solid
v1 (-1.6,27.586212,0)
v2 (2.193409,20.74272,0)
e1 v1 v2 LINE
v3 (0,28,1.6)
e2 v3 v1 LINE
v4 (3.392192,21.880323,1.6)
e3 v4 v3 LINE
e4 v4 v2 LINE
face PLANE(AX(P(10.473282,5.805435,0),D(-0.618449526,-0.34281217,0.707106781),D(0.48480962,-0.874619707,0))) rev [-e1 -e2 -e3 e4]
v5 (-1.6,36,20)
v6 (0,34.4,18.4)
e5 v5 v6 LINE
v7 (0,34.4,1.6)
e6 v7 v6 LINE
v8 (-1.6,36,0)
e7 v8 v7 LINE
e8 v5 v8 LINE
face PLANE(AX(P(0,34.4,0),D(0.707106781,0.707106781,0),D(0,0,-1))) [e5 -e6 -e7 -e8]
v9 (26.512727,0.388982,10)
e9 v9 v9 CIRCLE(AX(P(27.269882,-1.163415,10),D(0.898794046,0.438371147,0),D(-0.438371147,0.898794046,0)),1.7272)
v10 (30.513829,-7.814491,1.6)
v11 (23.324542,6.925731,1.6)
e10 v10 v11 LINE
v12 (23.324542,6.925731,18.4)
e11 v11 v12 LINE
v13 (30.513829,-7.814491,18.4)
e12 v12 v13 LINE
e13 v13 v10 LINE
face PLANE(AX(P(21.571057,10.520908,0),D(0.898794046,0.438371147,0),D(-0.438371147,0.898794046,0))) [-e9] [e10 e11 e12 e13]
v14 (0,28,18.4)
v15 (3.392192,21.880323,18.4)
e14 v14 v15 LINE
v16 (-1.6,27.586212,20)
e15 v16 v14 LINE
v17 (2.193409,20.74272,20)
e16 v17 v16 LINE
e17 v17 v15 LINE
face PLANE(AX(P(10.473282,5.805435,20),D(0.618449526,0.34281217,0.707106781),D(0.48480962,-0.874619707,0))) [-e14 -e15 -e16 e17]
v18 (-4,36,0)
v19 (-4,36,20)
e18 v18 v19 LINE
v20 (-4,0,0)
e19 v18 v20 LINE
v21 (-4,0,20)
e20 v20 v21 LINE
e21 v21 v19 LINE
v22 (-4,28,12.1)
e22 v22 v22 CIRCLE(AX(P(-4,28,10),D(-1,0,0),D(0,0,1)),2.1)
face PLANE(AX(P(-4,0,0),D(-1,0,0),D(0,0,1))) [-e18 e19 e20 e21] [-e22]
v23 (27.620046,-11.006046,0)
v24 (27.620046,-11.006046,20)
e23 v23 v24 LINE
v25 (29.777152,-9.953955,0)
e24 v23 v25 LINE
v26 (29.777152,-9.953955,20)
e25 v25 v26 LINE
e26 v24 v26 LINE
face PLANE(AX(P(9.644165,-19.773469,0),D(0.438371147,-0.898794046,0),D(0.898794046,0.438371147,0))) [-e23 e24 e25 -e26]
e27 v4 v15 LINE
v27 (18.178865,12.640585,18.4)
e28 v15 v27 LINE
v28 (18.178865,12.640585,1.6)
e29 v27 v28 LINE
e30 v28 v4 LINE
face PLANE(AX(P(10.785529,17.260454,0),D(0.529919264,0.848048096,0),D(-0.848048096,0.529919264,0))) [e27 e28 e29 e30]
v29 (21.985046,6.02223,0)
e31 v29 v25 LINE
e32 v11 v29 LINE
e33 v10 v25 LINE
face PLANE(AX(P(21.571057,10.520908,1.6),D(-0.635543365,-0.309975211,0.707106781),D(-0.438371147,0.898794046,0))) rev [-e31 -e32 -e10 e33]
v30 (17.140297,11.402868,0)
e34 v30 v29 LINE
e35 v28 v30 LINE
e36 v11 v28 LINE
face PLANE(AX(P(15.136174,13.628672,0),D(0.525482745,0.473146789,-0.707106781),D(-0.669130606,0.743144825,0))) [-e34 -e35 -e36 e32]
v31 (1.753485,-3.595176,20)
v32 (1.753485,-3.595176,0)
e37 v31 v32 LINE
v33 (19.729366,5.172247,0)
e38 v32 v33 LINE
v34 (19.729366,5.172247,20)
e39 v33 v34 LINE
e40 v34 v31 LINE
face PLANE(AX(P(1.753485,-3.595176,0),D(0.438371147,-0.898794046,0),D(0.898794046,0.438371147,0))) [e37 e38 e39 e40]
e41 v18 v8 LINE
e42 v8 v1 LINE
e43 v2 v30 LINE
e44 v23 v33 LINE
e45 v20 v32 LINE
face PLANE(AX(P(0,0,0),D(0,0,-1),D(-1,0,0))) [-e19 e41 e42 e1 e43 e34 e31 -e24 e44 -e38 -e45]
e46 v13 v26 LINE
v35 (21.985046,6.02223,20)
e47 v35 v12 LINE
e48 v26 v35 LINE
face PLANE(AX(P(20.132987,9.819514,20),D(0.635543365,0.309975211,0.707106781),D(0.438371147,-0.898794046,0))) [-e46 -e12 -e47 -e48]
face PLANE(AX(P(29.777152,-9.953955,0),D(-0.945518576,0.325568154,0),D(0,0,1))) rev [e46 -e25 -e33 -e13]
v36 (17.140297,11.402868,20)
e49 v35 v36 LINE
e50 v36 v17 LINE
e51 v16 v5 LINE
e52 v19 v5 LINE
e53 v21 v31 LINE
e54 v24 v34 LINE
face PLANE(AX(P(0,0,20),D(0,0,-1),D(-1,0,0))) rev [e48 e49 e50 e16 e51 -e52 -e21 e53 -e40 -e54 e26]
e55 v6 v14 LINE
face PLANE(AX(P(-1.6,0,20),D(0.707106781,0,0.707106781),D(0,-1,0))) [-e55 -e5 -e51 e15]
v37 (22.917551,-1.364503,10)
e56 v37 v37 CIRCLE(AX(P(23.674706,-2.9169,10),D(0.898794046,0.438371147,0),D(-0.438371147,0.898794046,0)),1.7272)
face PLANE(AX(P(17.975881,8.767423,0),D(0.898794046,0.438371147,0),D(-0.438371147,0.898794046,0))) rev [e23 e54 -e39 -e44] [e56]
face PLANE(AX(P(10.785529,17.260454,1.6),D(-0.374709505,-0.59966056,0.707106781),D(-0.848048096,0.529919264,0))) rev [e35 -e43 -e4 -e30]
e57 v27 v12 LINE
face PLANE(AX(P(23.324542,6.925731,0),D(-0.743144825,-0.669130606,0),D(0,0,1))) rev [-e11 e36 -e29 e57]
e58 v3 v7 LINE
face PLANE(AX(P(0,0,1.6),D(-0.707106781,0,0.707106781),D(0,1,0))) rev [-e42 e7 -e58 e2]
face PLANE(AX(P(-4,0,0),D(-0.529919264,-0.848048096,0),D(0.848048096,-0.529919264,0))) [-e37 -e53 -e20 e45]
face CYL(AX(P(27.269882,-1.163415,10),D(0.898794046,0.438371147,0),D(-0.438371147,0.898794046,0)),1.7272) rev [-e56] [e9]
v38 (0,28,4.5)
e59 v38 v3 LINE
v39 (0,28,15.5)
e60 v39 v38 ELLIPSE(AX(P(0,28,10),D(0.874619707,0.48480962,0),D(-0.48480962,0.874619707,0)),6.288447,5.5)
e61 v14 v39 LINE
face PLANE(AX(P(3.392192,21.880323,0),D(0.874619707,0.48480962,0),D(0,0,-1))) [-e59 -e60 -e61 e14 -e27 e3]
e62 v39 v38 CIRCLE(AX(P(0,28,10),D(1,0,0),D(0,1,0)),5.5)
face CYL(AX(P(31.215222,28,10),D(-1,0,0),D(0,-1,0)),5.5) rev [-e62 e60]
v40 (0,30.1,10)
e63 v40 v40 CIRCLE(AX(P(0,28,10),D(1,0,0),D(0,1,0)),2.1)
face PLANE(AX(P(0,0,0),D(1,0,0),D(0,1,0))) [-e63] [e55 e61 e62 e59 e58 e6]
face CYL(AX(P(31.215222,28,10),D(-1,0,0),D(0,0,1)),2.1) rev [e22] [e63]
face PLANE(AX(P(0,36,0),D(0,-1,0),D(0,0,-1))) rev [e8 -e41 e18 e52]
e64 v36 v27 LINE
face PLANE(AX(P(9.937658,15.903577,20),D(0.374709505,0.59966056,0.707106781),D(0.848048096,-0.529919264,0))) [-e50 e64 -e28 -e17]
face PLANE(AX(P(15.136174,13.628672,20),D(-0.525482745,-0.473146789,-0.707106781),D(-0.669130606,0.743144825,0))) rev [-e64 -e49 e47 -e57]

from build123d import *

# Parameters (mm, degrees)
BOSS_EXTRU_1_DEPTH      = 20
ESQUISSE2_W             = 20
ESQUISSE2_H             = 20
BOSS_EXTRU_2_DEPTH      = 4
ESQUISSE3_W             = 20
ESQUISSE3_H             = 20
BOSS_EXTRU_3_DEPTH      = 4
ESQUISSE4_W             = 4
ESQUISSE4_H             = 16
BOSS_EXTRU_4_DEPTH      = 20
CHANFREIN1_SIZE         = 4
ESQUISSE5_R             = 2.1
ENL_V_MAT_EXTRU_1_DEPTH = 36.215222341
ESQUISSE6_R             = 5.5
ENL_V_MAT_EXTRU_2_DEPTH = 32.215222341
D_GAGEMENT_41_D         = 3.4544
D_GAGEMENT_41_DEPTH     = 10
D_GAGEMENT_41_TIP       = 1.037806461
CHANFREIN2_SIZE         = 1.6


with BuildPart() as part:
    # Esquisse1 → Boss.-Extru.1 (new body)
    with BuildSketch(Plane.XY):
        Polygon((0, 0), (0, 20), (17.975880926, 8.767422936), align=None)
    extrude(amount=BOSS_EXTRU_1_DEPTH)

    # Esquisse2 → Boss.-Extru.2 (add)
    with BuildSketch(Plane.ZY):
        with Locations((10, 10)):
            Rectangle(ESQUISSE2_W, ESQUISSE2_H)
    extrude(amount=BOSS_EXTRU_2_DEPTH)

    # Esquisse3 → Boss.-Extru.3 (add)
    with BuildSketch(Plane(origin=(0, 0, 0), x_dir=(0.898794046, 0.438371147, 0), z_dir=(0.438371147, -0.898794046, 0))):
        with Locations((10, 10)):
            Rectangle(ESQUISSE3_W, ESQUISSE3_H)
    extrude(amount=BOSS_EXTRU_3_DEPTH)

    # Esquisse4 → Boss.-Extru.4 (add)
    with BuildSketch(Plane.XY.offset(20)):
        with Locations((-2, 28)):
            Rectangle(ESQUISSE4_W, ESQUISSE4_H)
        Polygon((0, 24), (0, 20), (17.975880926, 8.767422936), (21.571057111, 10.520907523), align=None)
        Polygon((31.215222341, -9.252561496), (21.571057111, 10.520907523), (17.975880926, 8.767422936), (19.729365513, 5.172246751), (27.620046155, -11.006046083), align=None)
        Polygon((0, 0), (-4, 0), (1.753484587, -3.595176185), align=None)
    extrude(amount=-BOSS_EXTRU_4_DEPTH)

    # Chanfrein1
    chanfrein1_edges = [part.edges().sort_by_distance(p)[0] for p in [
        (0, 24, 10),
        (21.571057111, 10.520907523, 10),
    ]]
    chamfer(chanfrein1_edges, length=CHANFREIN1_SIZE)

    # Esquisse5 → Enlèv. mat.-Extru.1 (cut, through all)
    with BuildSketch(Plane.ZY.offset(4)):
        with Locations((10, 28)):
            Circle(ESQUISSE5_R)
    extrude(amount=-ENL_V_MAT_EXTRU_1_DEPTH, mode=Mode.SUBTRACT)

    # Esquisse6 → Enlèv. mat.-Extru.2 (cut, through all)
    with BuildSketch(Plane(origin=(0, 0, 0), x_dir=(0, 0, -1), z_dir=(1, 0, 0))):
        with Locations((-10, 28)):
            Circle(ESQUISSE6_R)
    extrude(amount=ENL_V_MAT_EXTRU_2_DEPTH, mode=Mode.SUBTRACT)

    # Dégagement #41
    with Locations(Plane(origin=(21.571057111, 10.520907523, 0), x_dir=(0, 0, -1), z_dir=(0.898794046, 0.438371147, 0))):
        with Locations((-10, -13)):
            Hole(D_GAGEMENT_41_D / 2, depth=D_GAGEMENT_41_DEPTH)
            with Locations((0, 0, -(D_GAGEMENT_41_DEPTH + D_GAGEMENT_41_TIP / 2))):  # 118° drill point
                Cone(0, D_GAGEMENT_41_D / 2, D_GAGEMENT_41_TIP, mode=Mode.SUBTRACT)

    # Chanfrein2
    chanfrein2_edges = [part.edges().sort_by_distance(p)[0] for p in [
        (0, 36, 10),
        (27.269882019, -1.163415079, 0),
        (31.215222341, -9.252561496, 10),
        (27.269882019, -1.163415079, 20),
        (10.785528556, 17.260453761, 20),
        (10.785528556, 17.260453761, 0),
        (0, 32, 20),
        (0, 32, 0),
        (20.751703212, 9.783157959, 20),
        (20.751703212, 9.783157959, 0),
        (1.696096192, 24.940161472, 20),
        (1.696096192, 24.940161472, 0),
    ]]
    chamfer(chanfrein2_edges, length=CHANFREIN2_SIZE)


solid = part.part
